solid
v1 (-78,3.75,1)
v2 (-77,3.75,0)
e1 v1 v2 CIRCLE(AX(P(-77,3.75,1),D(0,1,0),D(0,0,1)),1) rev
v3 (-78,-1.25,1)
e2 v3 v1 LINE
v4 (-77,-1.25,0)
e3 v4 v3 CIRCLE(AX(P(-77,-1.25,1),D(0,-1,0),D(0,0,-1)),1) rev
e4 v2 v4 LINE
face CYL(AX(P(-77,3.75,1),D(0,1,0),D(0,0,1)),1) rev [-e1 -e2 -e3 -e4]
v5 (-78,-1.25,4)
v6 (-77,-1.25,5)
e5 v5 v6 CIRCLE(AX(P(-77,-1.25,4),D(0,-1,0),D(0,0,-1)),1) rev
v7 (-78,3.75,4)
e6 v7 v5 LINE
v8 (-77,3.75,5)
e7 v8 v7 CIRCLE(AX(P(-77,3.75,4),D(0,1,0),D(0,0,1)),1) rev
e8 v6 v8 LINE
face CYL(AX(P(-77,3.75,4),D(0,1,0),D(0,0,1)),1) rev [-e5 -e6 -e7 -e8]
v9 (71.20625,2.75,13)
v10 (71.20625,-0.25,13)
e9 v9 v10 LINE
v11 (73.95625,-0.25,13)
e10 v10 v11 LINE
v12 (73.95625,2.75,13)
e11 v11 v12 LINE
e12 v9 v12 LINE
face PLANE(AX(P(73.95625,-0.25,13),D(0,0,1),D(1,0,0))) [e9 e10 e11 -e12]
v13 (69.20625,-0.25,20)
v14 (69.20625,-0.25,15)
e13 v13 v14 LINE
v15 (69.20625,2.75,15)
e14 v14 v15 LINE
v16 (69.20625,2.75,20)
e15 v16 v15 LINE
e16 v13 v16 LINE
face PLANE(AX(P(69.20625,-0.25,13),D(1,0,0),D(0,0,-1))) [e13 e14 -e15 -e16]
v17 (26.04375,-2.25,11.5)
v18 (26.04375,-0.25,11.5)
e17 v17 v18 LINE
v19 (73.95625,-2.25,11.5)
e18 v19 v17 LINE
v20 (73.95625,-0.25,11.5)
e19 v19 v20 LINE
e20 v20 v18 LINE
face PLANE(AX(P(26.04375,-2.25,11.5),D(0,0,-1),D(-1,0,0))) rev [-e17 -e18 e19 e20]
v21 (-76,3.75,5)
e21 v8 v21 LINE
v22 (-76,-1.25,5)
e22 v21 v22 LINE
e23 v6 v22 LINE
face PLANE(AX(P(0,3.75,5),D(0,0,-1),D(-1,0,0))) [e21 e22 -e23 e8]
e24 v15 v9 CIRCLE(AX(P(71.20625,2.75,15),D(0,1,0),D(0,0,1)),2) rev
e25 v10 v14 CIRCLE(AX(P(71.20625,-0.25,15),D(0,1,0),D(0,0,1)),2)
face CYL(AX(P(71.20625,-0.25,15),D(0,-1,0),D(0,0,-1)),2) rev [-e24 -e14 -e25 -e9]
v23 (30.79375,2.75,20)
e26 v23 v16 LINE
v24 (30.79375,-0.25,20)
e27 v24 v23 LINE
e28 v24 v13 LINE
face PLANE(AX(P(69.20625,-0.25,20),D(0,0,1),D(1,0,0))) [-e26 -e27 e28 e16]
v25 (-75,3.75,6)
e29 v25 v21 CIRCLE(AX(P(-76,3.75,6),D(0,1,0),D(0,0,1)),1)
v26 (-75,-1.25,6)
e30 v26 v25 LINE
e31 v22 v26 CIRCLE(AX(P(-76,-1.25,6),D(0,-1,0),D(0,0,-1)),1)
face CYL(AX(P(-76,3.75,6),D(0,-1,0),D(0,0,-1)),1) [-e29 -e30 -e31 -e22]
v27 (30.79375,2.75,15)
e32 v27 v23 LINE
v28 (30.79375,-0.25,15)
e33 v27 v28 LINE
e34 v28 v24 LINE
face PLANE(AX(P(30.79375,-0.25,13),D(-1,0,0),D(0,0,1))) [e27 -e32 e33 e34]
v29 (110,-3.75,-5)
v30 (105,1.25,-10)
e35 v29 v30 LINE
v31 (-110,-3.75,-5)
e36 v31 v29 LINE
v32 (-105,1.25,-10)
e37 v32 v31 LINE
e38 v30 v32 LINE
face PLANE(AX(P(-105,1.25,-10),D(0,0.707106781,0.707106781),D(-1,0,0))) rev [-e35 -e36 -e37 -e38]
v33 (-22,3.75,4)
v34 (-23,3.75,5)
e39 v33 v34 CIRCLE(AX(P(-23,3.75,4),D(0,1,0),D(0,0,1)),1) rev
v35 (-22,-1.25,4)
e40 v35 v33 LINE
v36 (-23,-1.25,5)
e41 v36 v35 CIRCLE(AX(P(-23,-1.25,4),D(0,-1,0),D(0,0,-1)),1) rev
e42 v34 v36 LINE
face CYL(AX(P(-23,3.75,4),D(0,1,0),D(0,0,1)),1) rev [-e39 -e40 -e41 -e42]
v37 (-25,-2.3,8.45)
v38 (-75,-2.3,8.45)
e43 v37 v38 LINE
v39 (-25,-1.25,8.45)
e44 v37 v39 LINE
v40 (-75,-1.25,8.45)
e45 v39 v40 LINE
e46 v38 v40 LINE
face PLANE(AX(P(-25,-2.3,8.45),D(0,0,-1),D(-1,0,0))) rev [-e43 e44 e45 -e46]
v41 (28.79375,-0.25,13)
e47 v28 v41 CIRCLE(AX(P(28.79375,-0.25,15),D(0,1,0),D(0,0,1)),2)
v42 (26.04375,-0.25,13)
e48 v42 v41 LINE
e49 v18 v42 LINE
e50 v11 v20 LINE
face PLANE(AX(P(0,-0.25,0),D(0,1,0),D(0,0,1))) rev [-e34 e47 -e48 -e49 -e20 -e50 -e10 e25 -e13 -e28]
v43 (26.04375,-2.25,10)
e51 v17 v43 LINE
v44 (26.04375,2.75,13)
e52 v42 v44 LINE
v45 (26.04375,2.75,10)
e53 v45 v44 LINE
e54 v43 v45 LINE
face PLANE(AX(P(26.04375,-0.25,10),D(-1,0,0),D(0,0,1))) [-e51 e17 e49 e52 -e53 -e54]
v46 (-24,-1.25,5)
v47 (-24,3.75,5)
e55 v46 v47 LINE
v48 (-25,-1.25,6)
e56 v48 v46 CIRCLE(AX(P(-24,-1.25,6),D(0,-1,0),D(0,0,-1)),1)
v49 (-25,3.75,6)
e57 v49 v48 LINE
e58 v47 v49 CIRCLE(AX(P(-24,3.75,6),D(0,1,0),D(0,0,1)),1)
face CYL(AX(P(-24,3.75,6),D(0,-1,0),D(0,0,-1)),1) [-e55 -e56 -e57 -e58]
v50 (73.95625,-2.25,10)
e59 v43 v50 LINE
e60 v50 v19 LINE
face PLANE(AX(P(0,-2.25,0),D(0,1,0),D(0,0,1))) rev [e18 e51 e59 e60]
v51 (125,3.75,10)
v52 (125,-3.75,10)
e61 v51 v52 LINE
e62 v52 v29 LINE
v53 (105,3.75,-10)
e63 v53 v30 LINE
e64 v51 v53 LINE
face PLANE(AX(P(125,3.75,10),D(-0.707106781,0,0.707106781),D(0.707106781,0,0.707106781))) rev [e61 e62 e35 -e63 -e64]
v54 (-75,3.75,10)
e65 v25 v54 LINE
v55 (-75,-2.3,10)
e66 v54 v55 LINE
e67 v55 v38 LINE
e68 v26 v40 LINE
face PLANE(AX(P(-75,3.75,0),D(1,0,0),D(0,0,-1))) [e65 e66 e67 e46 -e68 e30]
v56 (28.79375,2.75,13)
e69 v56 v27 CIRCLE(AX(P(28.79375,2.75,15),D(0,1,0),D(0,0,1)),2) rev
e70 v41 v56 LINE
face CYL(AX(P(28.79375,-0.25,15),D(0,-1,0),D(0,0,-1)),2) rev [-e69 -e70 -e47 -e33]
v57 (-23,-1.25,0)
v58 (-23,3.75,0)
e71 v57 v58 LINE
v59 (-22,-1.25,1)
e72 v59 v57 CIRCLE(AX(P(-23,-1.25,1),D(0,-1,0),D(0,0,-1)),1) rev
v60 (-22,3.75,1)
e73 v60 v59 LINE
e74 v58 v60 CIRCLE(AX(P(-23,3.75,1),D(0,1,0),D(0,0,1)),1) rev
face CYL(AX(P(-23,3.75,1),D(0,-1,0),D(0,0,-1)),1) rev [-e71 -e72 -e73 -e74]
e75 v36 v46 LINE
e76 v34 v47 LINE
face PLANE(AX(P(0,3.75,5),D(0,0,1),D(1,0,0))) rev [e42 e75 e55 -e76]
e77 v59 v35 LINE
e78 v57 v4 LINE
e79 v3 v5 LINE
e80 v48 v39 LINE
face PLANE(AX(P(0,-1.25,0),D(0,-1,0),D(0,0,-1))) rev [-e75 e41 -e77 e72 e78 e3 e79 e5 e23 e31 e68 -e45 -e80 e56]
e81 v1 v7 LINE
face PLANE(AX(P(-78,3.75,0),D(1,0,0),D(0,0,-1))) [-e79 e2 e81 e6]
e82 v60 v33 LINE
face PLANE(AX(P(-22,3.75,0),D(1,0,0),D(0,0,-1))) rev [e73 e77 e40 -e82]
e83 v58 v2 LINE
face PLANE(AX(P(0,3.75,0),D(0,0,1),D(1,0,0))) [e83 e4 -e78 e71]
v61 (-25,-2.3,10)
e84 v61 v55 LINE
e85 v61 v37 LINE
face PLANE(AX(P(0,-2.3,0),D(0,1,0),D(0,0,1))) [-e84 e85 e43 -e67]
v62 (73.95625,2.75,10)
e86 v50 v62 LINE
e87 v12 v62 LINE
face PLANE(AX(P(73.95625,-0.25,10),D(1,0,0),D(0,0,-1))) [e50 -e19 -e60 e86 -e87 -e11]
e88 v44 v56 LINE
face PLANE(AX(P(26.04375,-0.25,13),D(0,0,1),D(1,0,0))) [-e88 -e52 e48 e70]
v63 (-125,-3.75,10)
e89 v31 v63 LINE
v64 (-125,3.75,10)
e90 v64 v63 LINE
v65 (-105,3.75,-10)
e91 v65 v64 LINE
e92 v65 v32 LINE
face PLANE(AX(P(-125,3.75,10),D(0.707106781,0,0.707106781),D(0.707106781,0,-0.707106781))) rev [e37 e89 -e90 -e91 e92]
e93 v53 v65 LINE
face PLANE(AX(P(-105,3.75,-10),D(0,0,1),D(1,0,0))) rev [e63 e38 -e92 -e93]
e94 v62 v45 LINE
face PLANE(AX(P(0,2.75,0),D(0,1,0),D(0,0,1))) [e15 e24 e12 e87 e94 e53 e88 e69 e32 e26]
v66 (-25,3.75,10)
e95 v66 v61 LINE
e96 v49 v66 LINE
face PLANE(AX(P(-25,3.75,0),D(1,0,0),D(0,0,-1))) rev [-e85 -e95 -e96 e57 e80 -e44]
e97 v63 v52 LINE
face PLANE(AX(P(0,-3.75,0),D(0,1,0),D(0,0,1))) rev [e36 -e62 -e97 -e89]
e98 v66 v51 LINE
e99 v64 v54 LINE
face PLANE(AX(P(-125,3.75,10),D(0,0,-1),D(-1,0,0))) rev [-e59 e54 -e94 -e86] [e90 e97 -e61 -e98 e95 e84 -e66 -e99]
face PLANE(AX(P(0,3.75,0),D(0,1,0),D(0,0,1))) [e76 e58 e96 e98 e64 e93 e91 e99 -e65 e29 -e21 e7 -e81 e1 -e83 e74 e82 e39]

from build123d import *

# Parameters (mm, degrees)
BOSS_EXTRUDE1_DEPTH     = 3.75
BOSS_EXTRUDE3_DEPTH     = 3
SKETCH8_W               = 47.9125
SKETCH8_H               = 1.5
BOSS_EXTRUDE5_DEPTH     = 2
FILLET4_R               = 2
CUT_EXTRUDE1_DEPTH      = 127.75665663
CUT_EXTRUDE1_DEPTH_BACK = 4
SKETCH9_W               = 50
SKETCH9_H               = 1.55
CUT_EXTRUDE2_DEPTH      = 1.05
FILLET6_R               = 1
CHAMFER1_SIZE           = 5


with BuildPart() as part:
    # Sketch1 → Boss-Extrude1 (new, symmetric)
    with BuildSketch(Plane(origin=(0, 0, 0), x_dir=(1, 0, 0), z_dir=(0, 1, 0))):
        Polygon((-125, -10), (125, -10), (105, 10), (-105, 10), align=None)
    extrude(amount=BOSS_EXTRUDE1_DEPTH, both=True)

    # Sketch3 → Boss-Extrude3 (add)
    with BuildSketch(Plane(origin=(0, 2.75, 0), x_dir=(-1, 0, 0), z_dir=(0, 1, 0))):
        Polygon((-69.20625, 20), (-30.79375, 20), (-30.79375, 13), (-26.04375, 13), (-26.04375, 10), (-73.95625, 10), (-73.95625, 13), (-69.20625, 13), align=None)
    extrude(amount=-BOSS_EXTRUDE3_DEPTH)

    # Sketch8 → Boss-Extrude5 (add)
    with BuildSketch(Plane.XZ.offset(0.25)):
        with Locations((50, 10.75)):
            Rectangle(SKETCH8_W, SKETCH8_H)
    extrude(amount=BOSS_EXTRUDE5_DEPTH)

    # Fillet4
    fillet4_edges = [part.edges().sort_by_distance(p)[0] for p in [
        (30.79375, 1.25, 13),
        (69.20625, 1.25, 13),
    ]]
    fillet(fillet4_edges, radius=FILLET4_R)

    # Sketch4 → Cut-Extrude1 (cut, two sides: drawn at the far end of the back side and taken through both)
    with BuildSketch(Plane(origin=(0, 2.75, 0), x_dir=(-1, 0, 0), z_dir=(0, 1, 0)).offset(-CUT_EXTRUDE1_DEPTH_BACK)):
        Polygon((22, 0), (78, 0), (78, 5), (75, 5), (75, 10), (25, 10), (25, 5), (22, 5), align=None)
    extrude(amount=CUT_EXTRUDE1_DEPTH + CUT_EXTRUDE1_DEPTH_BACK, mode=Mode.SUBTRACT)

    # Sketch9 → Cut-Extrude2 (cut)
    with BuildSketch(Plane(origin=(0, -1.25, 0), x_dir=(1, 0, 0), z_dir=(0, 1, 0))):
        with Locations((-50, -9.225)):
            Rectangle(SKETCH9_W, SKETCH9_H)
    extrude(amount=-CUT_EXTRUDE2_DEPTH, mode=Mode.SUBTRACT)

    # Fillet6
    fillet6_edges = [part.edges().sort_by_distance(p)[0] for p in [
        (-75, 1.25, 5),
        (-22, 1.25, 0),
        (-78, 1.25, 0),
        (-78, 1.25, 5),
        (-25, 1.25, 5),
        (-22, 1.25, 5),
    ]]
    fillet(fillet6_edges, radius=FILLET6_R)

    # Chamfer1
    chamfer1_edges = [part.edges().sort_by_distance(p)[0] for p in [
        (0, -3.75, -10),
    ]]
    chamfer(chamfer1_edges, length=CHAMFER1_SIZE)


solid = part.part
